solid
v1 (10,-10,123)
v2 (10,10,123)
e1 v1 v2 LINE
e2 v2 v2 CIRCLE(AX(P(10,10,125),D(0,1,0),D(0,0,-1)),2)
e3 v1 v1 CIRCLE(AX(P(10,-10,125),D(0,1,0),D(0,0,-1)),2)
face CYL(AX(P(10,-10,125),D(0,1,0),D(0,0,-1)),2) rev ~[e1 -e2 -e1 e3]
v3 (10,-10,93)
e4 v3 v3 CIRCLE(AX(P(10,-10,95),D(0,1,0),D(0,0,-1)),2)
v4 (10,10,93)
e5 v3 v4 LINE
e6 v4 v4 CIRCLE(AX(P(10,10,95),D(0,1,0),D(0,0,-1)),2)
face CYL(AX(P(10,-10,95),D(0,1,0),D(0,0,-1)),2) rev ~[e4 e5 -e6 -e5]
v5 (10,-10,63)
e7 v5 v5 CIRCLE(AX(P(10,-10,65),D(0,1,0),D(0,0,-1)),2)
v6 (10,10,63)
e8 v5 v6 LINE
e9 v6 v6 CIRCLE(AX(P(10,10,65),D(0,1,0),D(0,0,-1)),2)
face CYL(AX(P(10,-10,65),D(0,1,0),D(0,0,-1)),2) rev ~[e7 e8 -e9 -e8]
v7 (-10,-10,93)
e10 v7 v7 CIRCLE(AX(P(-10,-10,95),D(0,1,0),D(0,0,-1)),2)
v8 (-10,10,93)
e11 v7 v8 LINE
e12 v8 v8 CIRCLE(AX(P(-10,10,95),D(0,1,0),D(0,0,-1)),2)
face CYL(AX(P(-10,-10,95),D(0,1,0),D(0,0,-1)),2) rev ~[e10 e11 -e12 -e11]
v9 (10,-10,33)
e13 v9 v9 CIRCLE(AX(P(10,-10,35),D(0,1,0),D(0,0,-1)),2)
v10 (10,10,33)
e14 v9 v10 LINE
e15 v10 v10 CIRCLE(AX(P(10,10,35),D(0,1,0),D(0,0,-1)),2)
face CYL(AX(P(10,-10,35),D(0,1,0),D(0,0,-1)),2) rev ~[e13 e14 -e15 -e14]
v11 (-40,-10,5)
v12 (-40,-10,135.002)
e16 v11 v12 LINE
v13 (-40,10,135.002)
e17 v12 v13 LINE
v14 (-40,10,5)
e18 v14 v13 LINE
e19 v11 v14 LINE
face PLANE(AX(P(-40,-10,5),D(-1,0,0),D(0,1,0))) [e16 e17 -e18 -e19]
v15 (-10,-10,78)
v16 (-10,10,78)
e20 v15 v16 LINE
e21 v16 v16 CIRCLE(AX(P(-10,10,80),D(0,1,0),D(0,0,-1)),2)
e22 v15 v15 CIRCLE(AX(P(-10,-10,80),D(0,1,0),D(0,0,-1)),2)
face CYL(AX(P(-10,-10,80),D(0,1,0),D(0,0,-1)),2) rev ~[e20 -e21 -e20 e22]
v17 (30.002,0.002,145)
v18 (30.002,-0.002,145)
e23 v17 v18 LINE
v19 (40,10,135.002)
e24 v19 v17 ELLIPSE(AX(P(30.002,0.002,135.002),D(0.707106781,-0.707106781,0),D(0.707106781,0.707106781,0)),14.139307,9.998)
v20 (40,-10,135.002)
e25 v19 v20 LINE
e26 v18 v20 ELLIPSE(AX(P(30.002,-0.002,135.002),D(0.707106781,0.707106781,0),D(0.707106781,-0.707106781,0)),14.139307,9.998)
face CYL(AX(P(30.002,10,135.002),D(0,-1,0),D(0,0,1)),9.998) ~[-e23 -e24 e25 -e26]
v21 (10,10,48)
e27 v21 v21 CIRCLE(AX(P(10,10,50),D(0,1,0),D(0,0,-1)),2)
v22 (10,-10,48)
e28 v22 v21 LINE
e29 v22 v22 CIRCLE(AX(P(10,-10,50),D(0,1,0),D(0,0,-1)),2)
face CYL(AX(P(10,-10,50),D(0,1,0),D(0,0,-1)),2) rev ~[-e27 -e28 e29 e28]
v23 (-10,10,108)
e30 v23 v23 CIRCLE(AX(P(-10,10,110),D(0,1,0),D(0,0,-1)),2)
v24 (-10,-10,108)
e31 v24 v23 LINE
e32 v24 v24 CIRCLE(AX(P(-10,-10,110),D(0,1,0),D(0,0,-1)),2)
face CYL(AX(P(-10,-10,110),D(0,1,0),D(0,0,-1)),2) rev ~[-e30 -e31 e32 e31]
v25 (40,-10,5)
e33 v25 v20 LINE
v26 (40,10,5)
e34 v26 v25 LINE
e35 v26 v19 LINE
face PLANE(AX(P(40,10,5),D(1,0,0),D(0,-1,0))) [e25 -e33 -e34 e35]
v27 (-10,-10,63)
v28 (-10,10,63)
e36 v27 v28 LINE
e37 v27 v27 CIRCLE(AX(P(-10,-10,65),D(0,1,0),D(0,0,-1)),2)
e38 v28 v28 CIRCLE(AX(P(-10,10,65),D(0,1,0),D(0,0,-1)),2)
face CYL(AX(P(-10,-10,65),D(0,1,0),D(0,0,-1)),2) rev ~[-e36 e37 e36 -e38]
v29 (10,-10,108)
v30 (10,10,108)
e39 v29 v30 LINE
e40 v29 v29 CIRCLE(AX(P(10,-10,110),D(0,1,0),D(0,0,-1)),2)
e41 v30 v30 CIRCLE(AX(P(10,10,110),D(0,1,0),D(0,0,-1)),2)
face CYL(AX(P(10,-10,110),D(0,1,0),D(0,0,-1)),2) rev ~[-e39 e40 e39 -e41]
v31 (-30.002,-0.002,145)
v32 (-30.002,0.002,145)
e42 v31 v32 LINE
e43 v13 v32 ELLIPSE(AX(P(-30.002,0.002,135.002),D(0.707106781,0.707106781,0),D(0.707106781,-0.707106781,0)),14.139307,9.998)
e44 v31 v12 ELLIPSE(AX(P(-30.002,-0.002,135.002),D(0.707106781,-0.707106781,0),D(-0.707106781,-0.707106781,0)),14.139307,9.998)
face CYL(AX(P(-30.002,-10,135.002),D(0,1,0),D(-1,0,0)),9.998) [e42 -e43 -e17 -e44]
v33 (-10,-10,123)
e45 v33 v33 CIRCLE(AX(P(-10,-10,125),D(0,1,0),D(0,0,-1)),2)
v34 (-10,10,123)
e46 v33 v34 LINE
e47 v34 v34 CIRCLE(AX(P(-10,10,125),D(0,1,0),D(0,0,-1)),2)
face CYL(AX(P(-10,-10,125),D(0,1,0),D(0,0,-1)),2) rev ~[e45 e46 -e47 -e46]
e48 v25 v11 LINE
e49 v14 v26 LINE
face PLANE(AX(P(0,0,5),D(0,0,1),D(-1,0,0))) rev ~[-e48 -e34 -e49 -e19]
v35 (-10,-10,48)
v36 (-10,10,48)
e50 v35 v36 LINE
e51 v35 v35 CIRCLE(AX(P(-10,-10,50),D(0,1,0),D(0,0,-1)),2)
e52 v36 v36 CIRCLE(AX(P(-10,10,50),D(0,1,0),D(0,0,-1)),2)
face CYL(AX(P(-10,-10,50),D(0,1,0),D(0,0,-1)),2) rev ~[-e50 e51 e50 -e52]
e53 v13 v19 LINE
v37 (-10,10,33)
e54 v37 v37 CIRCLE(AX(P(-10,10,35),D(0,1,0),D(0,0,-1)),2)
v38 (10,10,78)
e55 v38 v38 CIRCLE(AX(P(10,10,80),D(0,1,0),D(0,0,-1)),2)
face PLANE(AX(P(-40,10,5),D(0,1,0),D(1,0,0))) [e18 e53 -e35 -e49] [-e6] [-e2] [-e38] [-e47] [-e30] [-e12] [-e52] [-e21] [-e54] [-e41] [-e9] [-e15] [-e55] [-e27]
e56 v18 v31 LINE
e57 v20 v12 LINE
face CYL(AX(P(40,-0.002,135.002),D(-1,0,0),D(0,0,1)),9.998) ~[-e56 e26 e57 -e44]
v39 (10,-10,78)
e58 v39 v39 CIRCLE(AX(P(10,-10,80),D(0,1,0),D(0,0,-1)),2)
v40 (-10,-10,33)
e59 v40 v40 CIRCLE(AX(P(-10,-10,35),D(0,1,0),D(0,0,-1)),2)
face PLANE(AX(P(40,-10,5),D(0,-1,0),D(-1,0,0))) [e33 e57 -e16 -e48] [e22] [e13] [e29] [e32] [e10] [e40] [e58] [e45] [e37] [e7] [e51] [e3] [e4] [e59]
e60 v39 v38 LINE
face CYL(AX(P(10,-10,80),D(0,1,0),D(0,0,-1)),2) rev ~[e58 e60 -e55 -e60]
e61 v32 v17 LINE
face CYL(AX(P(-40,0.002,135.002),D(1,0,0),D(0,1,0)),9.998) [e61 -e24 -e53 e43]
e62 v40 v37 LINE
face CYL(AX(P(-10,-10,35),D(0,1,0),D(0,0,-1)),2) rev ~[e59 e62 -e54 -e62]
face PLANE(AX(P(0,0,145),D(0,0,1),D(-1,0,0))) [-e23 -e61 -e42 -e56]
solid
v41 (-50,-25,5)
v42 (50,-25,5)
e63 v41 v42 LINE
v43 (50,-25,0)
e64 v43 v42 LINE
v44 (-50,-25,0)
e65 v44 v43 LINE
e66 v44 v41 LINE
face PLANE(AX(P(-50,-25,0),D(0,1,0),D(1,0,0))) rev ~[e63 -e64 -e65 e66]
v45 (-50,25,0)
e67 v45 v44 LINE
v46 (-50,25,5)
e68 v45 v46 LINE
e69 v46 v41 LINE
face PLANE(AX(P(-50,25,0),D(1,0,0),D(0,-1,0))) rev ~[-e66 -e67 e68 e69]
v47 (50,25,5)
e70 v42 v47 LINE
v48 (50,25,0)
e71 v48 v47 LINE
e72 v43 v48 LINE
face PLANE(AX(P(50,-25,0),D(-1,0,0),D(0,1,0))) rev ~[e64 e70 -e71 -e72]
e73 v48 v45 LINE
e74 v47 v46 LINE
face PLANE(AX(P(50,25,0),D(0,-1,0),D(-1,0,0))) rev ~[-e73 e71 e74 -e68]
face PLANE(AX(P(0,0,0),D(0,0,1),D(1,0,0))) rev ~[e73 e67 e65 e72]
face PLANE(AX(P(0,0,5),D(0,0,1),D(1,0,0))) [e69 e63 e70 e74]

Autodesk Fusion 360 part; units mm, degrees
sketch "Sketch1" plane through (0, 0, 0) normal (0, 0, 1) x (1, 0, 0) in component "base"
  line L0 (-50, -25) -> (50, -25)
  line L1 (50, -25) -> (50, 25)
  line L2 (50, 25) -> (-50, 25)
  line L3 (-50, 25) -> (-50, -25)
extrude "Extrude1" add sketch "Sketch1" along normal blind 5 makes body 1 in component "base"
sketch "Sketch1 (2)" plane through (0, 0, 5) normal (0, 0, 1) x (-1, 0, 0) in component "Component"
  line L0 (50, -25) -> (50, 25)
  line L1 (50, 25) -> (-50, 25)
  line L2 (-50, 25) -> (-50, -25)
  line L3 (-50, -25) -> (50, -25)
  line L4 (40, -10) -> (-40, -10)
  line L5 (-40, -10) -> (-40, 10)
  line L6 (-40, 10) -> (40, 10)
  line L7 (40, 10) -> (40, -10)
  dimension "d3" = 80
extrude "Extrude1'" add sketch "Sketch1 (2)" along normal blind 140 separate body contours L4 L5 L6 L7 makes body 2 in component "Component"
sketch "Sketch2" plane through (0, -10, 0) normal (0, -1, 0) x (1, 0, 0) in component "Component"
  line L0 (-40, 5) -> (40, 5)
  line L1 (40, 5) -> (40, 145)
  line L2 (40, 145) -> (-40, 145)
  line L3 (-40, 145) -> (-40, 5)
sketch "Sketch1 (3)" plane through (0, -10, 0) normal (0, -1, 0) x (1, 0, 0) in component "holes"
  circle A0 centre (-10, 125) radius 2
  circle A1 centre (10, 125) radius 2
  circle A2 centre (-10, 110) radius 2
  circle A3 centre (10, 110) radius 2
  circle A4 centre (-10, 95) radius 2
  circle A5 centre (10, 95) radius 2
  circle A6 centre (-10, 80) radius 2
  circle A7 centre (10, 80) radius 2
  circle A8 centre (-10, 65) radius 2
  circle A9 centre (10, 65) radius 2
  circle A10 centre (-10, 50) radius 2
  circle A11 centre (10, 50) radius 2
  circle A12 centre (-10, 35) radius 2
  circle A13 centre (10, 35) radius 2
  dimension "d7" = 4
  dimension "d8" = 4
  dimension "d9" = 4
  dimension "d10" = 4
  dimension "d11" = 4
  dimension "d12" = 4
  dimension "d13" = 4
  dimension "d14" = 4
  dimension "d15" = 4
  dimension "d16" = 4
  dimension "d17" = 4
  dimension "d18" = 4
  dimension "d19" = 4
  dimension "d20" = 4
hole "Hole1" at (-10, -10, 125) at (10, -10, 125) at (-10, -10, 110) at (10, -10, 110) at (10, -10, 95) at (-10, -10, 95) at (-10, -10, 80) at (10, -10, 80) at (10, -10, 65) at (-10, -10, 65) at (-10, -10, 50) at (10, -10, 50) at (10, -10, 35) at (-10, -10, 35) direction (0, 1, 0) diameter 4 depth 45 tip angle 118 bodies 2 in component "Component"
fillet "Fillet1" radius 10 1 faces at (-13.3333, 3.3333, 145) on bodies 2 in component "Component"
component "base" placed x (1, 0, 0) y (0, 1, 0) z (0, 0, 1) at (0, 0, 0)
component "Component" placed x (1, 0, 0) y (0, 1, 0) z (0, 0, 1) at (0, 0, 0)
component "holes" placed x (1, 0, 0) y (0, 1, 0) z (0, 0, 1) at (0, 0, 0)
